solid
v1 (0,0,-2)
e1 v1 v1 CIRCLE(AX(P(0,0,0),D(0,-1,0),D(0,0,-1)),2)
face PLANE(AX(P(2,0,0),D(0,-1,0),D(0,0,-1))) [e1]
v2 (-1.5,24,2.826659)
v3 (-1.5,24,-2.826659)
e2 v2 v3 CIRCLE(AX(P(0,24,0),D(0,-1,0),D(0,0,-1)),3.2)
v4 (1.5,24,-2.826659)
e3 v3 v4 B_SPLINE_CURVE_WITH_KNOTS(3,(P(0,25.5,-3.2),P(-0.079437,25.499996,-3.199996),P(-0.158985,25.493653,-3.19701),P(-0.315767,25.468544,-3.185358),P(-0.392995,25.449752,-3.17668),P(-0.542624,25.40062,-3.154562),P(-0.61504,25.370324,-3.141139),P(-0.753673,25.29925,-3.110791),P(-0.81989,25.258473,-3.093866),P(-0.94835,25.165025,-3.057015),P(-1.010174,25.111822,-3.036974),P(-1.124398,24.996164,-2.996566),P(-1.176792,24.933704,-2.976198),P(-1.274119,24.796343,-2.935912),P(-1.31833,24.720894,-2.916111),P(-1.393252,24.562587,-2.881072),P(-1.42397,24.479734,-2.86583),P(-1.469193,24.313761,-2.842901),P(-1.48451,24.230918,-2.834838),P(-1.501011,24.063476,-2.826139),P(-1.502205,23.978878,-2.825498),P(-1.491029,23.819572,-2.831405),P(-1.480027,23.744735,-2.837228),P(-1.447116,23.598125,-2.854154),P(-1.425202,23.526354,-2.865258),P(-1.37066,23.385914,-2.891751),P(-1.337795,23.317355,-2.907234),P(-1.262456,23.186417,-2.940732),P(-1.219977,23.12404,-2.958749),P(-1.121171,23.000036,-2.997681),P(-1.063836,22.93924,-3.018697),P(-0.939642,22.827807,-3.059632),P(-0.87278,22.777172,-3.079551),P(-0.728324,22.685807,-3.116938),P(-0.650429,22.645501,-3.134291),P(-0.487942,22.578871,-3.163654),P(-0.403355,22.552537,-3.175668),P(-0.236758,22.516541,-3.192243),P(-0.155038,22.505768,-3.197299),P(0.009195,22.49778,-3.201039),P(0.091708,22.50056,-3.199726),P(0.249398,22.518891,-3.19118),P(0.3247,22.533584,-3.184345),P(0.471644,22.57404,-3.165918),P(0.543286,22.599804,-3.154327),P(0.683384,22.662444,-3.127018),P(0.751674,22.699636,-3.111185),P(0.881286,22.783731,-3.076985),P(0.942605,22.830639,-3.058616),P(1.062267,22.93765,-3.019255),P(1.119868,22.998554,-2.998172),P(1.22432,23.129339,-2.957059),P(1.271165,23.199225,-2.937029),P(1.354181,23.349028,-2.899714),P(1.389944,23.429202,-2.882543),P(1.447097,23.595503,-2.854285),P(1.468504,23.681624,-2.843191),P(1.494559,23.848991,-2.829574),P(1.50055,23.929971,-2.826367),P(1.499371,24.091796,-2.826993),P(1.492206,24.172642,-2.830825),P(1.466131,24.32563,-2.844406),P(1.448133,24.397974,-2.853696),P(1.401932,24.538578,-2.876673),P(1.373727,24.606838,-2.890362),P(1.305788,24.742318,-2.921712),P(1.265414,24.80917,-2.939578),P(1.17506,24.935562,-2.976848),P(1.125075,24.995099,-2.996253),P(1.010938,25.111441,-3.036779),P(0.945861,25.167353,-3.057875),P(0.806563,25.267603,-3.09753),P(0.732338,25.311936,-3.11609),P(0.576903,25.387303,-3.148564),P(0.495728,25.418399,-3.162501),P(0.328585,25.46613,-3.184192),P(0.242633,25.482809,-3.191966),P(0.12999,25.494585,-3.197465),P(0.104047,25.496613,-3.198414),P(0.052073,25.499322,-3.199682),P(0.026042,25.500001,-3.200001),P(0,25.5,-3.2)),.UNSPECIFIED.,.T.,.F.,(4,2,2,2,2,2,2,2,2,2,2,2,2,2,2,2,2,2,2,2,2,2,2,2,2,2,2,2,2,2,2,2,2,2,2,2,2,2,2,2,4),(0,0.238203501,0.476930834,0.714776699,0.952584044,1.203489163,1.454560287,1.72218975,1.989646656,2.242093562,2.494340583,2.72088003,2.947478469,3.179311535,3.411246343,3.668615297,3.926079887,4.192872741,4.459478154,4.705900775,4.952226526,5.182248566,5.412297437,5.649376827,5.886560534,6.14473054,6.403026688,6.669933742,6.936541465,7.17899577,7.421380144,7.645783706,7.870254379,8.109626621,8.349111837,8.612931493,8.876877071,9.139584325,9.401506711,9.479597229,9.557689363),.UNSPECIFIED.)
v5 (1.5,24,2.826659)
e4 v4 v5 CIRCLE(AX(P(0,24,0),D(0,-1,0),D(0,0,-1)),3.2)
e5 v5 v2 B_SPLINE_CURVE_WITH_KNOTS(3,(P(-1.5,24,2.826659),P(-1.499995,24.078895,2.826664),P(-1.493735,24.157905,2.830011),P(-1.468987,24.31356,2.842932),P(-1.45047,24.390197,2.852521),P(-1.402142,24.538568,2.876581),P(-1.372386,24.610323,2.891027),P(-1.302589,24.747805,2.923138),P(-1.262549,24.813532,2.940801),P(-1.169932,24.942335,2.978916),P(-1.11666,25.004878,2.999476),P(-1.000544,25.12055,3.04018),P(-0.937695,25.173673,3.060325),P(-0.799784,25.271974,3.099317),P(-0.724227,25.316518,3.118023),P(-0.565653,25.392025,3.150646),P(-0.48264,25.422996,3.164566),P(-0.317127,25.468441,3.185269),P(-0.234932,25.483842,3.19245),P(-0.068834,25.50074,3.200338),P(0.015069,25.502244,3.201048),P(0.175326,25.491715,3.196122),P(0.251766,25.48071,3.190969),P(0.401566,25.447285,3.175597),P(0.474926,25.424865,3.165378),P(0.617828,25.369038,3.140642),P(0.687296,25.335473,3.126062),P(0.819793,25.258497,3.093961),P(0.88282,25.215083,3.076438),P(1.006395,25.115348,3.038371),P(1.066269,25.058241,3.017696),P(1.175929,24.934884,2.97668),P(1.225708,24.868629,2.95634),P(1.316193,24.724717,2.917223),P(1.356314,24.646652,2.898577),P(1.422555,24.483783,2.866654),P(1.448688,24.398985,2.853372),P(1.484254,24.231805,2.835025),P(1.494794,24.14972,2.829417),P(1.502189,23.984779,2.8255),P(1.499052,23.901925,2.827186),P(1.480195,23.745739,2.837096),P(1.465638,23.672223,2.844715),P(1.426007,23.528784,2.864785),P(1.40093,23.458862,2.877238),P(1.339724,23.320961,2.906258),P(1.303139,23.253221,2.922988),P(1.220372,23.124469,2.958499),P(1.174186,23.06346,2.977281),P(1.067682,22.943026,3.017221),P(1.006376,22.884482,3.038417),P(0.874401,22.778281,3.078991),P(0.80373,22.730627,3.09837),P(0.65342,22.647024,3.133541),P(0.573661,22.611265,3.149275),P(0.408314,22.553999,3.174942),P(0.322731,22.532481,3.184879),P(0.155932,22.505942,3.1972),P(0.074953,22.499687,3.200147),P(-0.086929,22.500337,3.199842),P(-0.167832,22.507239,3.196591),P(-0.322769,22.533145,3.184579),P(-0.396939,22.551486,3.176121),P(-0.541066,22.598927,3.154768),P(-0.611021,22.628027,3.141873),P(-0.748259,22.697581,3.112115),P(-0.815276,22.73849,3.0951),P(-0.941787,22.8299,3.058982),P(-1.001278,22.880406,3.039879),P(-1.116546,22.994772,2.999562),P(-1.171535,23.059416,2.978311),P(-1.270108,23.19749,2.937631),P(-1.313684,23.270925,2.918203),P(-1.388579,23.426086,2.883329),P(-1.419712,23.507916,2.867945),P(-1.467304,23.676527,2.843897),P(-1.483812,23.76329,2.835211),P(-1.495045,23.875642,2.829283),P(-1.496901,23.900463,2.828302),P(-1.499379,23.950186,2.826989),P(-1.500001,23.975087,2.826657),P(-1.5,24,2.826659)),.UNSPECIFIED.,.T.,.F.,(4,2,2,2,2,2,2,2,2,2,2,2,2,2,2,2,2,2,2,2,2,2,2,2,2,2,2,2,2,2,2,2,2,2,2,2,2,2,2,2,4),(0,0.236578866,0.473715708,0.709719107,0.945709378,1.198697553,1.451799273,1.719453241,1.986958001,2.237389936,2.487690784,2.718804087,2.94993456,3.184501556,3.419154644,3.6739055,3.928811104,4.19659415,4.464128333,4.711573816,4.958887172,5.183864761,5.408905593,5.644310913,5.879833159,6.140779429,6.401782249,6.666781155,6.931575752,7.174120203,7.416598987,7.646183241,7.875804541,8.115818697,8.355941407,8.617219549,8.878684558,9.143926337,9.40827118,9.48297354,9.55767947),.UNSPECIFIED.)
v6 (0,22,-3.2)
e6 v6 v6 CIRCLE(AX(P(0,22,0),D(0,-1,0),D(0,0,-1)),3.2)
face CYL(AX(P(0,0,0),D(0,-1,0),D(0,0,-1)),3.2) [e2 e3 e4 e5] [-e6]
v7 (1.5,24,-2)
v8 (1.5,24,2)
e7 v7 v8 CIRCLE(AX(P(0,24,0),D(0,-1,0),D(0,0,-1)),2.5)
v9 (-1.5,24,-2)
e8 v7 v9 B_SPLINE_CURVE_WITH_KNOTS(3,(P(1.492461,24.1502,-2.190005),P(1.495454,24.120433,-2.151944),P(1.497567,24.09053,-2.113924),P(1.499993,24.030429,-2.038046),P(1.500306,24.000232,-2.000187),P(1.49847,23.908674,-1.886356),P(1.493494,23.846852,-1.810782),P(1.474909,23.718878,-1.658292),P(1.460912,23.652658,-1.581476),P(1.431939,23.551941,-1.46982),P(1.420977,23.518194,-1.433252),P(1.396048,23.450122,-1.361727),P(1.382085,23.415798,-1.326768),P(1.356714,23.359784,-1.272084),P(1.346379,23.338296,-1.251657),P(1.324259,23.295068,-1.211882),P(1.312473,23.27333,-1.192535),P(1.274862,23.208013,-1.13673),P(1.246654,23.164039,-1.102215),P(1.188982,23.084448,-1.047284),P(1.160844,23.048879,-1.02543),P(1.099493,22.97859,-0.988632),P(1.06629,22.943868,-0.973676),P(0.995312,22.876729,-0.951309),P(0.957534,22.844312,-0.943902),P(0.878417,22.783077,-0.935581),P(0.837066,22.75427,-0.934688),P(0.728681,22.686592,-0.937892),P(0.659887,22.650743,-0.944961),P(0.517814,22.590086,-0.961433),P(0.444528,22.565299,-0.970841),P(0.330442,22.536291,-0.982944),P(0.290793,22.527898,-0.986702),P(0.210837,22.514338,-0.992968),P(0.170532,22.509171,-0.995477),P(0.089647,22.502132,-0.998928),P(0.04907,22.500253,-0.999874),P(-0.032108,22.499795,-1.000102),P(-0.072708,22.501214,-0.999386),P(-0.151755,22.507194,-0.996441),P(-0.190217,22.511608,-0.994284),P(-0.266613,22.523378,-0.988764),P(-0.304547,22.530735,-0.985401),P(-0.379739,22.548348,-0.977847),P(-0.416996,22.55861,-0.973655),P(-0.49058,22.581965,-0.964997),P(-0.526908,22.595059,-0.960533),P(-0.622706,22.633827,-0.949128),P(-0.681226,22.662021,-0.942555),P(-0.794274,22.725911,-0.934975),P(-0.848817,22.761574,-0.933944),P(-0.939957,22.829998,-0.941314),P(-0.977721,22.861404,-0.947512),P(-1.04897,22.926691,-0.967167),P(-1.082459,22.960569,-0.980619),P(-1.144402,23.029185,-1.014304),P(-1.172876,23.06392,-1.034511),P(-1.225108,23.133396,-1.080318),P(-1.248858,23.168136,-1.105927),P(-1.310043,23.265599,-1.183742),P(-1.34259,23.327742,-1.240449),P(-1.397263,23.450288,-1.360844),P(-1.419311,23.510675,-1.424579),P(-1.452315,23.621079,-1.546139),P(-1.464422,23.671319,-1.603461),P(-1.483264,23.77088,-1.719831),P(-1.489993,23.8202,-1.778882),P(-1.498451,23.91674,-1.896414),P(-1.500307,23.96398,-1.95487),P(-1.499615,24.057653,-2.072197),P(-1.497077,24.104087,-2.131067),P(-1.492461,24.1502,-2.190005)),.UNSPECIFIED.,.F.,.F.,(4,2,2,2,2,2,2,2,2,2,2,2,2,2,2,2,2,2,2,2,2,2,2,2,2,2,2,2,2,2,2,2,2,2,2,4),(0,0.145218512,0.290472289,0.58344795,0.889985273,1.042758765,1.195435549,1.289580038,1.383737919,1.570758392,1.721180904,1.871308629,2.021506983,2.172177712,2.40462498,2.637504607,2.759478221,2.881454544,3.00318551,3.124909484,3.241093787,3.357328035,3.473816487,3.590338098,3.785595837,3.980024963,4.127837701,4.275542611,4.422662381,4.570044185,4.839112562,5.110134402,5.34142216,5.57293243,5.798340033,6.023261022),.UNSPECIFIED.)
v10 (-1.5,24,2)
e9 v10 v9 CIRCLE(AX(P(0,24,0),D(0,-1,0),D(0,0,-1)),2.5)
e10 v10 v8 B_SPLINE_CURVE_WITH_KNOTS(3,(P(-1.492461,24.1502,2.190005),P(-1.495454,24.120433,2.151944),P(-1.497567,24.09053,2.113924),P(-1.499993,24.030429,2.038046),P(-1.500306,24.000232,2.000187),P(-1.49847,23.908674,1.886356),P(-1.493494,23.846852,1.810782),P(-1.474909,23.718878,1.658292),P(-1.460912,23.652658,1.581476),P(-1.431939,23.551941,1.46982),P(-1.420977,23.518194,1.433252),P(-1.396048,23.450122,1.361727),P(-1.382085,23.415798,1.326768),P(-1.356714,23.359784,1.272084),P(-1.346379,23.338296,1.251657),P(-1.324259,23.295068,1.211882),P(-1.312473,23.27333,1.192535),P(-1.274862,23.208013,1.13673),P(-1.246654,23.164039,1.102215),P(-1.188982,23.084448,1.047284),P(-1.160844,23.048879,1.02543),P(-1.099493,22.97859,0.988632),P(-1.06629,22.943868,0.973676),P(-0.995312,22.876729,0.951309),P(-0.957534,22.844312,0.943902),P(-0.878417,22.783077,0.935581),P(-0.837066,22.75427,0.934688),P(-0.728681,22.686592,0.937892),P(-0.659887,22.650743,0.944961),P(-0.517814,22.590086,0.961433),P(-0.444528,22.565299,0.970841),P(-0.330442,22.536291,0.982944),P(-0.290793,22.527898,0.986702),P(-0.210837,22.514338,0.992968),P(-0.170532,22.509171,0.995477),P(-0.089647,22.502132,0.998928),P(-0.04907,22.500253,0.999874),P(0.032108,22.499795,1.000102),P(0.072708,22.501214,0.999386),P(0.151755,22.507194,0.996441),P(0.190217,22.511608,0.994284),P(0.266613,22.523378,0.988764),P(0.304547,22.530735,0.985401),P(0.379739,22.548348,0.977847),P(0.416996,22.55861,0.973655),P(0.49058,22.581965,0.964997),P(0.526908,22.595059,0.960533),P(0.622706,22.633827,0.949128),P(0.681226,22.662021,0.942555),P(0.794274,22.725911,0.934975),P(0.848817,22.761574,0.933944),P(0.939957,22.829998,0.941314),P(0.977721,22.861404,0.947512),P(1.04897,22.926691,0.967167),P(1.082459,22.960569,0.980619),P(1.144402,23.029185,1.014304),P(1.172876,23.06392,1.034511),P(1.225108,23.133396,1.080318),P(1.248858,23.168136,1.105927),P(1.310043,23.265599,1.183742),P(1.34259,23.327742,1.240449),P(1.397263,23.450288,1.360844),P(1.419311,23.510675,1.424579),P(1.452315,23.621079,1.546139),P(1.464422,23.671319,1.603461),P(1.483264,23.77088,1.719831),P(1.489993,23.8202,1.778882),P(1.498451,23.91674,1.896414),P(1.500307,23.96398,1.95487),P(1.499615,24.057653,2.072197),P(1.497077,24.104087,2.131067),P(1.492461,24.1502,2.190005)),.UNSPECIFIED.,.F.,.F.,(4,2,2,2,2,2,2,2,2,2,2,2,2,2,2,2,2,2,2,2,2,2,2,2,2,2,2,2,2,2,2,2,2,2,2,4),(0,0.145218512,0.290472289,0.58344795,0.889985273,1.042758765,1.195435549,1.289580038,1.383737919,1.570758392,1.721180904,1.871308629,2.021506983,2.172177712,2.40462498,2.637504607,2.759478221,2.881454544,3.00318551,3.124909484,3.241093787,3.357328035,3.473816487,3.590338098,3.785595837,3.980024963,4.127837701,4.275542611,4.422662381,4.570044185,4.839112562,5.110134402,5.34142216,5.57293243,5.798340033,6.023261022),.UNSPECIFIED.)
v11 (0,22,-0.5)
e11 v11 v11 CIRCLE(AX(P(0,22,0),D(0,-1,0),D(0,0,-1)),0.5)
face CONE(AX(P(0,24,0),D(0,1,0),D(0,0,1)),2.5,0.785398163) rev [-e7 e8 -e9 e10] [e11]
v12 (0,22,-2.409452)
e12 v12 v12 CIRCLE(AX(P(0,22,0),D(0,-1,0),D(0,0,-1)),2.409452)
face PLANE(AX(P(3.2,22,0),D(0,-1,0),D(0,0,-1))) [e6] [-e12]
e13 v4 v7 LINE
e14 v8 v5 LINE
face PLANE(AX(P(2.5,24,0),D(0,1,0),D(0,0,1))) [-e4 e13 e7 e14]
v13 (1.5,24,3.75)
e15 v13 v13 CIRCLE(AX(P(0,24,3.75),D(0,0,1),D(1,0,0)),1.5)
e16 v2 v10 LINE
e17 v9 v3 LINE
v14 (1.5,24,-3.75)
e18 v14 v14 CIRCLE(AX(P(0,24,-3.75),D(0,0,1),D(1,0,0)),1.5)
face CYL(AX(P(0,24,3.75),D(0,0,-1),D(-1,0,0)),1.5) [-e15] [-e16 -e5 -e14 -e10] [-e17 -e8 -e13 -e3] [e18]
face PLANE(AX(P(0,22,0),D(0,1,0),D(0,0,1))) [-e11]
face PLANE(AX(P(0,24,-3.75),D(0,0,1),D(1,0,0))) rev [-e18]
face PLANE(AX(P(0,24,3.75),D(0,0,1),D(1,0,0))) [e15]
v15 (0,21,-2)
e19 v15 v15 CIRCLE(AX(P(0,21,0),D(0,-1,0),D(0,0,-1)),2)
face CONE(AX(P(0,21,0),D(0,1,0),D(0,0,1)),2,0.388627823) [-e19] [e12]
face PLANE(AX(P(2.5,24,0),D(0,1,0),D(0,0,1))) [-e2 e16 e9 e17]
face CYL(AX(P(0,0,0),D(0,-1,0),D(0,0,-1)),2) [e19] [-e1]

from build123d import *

# Parameters (mm, degrees)
SKETCH2_R           = 1.5
BOSS_EXTRUDE1_DEPTH = 3.75


with BuildPart() as part:
    # Sketch1 → Revolve1 (revolve)
    with BuildSketch(Plane.XY, mode=Mode.PRIVATE) as revolve1_sk:
        Polygon((0, 0), (0, 22), (0.5, 22), (2.5, 24), (3.2, 24), (3.2, 22), (2.40945179, 22), (2, 21), (2, 0), align=None)
    revolve(revolve1_sk.sketch.rotate(Axis((0, 0, 0), (0, 1, 0)), 90), axis=Axis((0, 0, 0), (0, 1, 0)))

    # Sketch2 → Boss-Extrude1 (add, symmetric)
    with BuildSketch(Plane.XY):
        with Locations((0, 24)):
            Circle(SKETCH2_R)
    extrude(amount=BOSS_EXTRUDE1_DEPTH, both=True)


solid = part.part
